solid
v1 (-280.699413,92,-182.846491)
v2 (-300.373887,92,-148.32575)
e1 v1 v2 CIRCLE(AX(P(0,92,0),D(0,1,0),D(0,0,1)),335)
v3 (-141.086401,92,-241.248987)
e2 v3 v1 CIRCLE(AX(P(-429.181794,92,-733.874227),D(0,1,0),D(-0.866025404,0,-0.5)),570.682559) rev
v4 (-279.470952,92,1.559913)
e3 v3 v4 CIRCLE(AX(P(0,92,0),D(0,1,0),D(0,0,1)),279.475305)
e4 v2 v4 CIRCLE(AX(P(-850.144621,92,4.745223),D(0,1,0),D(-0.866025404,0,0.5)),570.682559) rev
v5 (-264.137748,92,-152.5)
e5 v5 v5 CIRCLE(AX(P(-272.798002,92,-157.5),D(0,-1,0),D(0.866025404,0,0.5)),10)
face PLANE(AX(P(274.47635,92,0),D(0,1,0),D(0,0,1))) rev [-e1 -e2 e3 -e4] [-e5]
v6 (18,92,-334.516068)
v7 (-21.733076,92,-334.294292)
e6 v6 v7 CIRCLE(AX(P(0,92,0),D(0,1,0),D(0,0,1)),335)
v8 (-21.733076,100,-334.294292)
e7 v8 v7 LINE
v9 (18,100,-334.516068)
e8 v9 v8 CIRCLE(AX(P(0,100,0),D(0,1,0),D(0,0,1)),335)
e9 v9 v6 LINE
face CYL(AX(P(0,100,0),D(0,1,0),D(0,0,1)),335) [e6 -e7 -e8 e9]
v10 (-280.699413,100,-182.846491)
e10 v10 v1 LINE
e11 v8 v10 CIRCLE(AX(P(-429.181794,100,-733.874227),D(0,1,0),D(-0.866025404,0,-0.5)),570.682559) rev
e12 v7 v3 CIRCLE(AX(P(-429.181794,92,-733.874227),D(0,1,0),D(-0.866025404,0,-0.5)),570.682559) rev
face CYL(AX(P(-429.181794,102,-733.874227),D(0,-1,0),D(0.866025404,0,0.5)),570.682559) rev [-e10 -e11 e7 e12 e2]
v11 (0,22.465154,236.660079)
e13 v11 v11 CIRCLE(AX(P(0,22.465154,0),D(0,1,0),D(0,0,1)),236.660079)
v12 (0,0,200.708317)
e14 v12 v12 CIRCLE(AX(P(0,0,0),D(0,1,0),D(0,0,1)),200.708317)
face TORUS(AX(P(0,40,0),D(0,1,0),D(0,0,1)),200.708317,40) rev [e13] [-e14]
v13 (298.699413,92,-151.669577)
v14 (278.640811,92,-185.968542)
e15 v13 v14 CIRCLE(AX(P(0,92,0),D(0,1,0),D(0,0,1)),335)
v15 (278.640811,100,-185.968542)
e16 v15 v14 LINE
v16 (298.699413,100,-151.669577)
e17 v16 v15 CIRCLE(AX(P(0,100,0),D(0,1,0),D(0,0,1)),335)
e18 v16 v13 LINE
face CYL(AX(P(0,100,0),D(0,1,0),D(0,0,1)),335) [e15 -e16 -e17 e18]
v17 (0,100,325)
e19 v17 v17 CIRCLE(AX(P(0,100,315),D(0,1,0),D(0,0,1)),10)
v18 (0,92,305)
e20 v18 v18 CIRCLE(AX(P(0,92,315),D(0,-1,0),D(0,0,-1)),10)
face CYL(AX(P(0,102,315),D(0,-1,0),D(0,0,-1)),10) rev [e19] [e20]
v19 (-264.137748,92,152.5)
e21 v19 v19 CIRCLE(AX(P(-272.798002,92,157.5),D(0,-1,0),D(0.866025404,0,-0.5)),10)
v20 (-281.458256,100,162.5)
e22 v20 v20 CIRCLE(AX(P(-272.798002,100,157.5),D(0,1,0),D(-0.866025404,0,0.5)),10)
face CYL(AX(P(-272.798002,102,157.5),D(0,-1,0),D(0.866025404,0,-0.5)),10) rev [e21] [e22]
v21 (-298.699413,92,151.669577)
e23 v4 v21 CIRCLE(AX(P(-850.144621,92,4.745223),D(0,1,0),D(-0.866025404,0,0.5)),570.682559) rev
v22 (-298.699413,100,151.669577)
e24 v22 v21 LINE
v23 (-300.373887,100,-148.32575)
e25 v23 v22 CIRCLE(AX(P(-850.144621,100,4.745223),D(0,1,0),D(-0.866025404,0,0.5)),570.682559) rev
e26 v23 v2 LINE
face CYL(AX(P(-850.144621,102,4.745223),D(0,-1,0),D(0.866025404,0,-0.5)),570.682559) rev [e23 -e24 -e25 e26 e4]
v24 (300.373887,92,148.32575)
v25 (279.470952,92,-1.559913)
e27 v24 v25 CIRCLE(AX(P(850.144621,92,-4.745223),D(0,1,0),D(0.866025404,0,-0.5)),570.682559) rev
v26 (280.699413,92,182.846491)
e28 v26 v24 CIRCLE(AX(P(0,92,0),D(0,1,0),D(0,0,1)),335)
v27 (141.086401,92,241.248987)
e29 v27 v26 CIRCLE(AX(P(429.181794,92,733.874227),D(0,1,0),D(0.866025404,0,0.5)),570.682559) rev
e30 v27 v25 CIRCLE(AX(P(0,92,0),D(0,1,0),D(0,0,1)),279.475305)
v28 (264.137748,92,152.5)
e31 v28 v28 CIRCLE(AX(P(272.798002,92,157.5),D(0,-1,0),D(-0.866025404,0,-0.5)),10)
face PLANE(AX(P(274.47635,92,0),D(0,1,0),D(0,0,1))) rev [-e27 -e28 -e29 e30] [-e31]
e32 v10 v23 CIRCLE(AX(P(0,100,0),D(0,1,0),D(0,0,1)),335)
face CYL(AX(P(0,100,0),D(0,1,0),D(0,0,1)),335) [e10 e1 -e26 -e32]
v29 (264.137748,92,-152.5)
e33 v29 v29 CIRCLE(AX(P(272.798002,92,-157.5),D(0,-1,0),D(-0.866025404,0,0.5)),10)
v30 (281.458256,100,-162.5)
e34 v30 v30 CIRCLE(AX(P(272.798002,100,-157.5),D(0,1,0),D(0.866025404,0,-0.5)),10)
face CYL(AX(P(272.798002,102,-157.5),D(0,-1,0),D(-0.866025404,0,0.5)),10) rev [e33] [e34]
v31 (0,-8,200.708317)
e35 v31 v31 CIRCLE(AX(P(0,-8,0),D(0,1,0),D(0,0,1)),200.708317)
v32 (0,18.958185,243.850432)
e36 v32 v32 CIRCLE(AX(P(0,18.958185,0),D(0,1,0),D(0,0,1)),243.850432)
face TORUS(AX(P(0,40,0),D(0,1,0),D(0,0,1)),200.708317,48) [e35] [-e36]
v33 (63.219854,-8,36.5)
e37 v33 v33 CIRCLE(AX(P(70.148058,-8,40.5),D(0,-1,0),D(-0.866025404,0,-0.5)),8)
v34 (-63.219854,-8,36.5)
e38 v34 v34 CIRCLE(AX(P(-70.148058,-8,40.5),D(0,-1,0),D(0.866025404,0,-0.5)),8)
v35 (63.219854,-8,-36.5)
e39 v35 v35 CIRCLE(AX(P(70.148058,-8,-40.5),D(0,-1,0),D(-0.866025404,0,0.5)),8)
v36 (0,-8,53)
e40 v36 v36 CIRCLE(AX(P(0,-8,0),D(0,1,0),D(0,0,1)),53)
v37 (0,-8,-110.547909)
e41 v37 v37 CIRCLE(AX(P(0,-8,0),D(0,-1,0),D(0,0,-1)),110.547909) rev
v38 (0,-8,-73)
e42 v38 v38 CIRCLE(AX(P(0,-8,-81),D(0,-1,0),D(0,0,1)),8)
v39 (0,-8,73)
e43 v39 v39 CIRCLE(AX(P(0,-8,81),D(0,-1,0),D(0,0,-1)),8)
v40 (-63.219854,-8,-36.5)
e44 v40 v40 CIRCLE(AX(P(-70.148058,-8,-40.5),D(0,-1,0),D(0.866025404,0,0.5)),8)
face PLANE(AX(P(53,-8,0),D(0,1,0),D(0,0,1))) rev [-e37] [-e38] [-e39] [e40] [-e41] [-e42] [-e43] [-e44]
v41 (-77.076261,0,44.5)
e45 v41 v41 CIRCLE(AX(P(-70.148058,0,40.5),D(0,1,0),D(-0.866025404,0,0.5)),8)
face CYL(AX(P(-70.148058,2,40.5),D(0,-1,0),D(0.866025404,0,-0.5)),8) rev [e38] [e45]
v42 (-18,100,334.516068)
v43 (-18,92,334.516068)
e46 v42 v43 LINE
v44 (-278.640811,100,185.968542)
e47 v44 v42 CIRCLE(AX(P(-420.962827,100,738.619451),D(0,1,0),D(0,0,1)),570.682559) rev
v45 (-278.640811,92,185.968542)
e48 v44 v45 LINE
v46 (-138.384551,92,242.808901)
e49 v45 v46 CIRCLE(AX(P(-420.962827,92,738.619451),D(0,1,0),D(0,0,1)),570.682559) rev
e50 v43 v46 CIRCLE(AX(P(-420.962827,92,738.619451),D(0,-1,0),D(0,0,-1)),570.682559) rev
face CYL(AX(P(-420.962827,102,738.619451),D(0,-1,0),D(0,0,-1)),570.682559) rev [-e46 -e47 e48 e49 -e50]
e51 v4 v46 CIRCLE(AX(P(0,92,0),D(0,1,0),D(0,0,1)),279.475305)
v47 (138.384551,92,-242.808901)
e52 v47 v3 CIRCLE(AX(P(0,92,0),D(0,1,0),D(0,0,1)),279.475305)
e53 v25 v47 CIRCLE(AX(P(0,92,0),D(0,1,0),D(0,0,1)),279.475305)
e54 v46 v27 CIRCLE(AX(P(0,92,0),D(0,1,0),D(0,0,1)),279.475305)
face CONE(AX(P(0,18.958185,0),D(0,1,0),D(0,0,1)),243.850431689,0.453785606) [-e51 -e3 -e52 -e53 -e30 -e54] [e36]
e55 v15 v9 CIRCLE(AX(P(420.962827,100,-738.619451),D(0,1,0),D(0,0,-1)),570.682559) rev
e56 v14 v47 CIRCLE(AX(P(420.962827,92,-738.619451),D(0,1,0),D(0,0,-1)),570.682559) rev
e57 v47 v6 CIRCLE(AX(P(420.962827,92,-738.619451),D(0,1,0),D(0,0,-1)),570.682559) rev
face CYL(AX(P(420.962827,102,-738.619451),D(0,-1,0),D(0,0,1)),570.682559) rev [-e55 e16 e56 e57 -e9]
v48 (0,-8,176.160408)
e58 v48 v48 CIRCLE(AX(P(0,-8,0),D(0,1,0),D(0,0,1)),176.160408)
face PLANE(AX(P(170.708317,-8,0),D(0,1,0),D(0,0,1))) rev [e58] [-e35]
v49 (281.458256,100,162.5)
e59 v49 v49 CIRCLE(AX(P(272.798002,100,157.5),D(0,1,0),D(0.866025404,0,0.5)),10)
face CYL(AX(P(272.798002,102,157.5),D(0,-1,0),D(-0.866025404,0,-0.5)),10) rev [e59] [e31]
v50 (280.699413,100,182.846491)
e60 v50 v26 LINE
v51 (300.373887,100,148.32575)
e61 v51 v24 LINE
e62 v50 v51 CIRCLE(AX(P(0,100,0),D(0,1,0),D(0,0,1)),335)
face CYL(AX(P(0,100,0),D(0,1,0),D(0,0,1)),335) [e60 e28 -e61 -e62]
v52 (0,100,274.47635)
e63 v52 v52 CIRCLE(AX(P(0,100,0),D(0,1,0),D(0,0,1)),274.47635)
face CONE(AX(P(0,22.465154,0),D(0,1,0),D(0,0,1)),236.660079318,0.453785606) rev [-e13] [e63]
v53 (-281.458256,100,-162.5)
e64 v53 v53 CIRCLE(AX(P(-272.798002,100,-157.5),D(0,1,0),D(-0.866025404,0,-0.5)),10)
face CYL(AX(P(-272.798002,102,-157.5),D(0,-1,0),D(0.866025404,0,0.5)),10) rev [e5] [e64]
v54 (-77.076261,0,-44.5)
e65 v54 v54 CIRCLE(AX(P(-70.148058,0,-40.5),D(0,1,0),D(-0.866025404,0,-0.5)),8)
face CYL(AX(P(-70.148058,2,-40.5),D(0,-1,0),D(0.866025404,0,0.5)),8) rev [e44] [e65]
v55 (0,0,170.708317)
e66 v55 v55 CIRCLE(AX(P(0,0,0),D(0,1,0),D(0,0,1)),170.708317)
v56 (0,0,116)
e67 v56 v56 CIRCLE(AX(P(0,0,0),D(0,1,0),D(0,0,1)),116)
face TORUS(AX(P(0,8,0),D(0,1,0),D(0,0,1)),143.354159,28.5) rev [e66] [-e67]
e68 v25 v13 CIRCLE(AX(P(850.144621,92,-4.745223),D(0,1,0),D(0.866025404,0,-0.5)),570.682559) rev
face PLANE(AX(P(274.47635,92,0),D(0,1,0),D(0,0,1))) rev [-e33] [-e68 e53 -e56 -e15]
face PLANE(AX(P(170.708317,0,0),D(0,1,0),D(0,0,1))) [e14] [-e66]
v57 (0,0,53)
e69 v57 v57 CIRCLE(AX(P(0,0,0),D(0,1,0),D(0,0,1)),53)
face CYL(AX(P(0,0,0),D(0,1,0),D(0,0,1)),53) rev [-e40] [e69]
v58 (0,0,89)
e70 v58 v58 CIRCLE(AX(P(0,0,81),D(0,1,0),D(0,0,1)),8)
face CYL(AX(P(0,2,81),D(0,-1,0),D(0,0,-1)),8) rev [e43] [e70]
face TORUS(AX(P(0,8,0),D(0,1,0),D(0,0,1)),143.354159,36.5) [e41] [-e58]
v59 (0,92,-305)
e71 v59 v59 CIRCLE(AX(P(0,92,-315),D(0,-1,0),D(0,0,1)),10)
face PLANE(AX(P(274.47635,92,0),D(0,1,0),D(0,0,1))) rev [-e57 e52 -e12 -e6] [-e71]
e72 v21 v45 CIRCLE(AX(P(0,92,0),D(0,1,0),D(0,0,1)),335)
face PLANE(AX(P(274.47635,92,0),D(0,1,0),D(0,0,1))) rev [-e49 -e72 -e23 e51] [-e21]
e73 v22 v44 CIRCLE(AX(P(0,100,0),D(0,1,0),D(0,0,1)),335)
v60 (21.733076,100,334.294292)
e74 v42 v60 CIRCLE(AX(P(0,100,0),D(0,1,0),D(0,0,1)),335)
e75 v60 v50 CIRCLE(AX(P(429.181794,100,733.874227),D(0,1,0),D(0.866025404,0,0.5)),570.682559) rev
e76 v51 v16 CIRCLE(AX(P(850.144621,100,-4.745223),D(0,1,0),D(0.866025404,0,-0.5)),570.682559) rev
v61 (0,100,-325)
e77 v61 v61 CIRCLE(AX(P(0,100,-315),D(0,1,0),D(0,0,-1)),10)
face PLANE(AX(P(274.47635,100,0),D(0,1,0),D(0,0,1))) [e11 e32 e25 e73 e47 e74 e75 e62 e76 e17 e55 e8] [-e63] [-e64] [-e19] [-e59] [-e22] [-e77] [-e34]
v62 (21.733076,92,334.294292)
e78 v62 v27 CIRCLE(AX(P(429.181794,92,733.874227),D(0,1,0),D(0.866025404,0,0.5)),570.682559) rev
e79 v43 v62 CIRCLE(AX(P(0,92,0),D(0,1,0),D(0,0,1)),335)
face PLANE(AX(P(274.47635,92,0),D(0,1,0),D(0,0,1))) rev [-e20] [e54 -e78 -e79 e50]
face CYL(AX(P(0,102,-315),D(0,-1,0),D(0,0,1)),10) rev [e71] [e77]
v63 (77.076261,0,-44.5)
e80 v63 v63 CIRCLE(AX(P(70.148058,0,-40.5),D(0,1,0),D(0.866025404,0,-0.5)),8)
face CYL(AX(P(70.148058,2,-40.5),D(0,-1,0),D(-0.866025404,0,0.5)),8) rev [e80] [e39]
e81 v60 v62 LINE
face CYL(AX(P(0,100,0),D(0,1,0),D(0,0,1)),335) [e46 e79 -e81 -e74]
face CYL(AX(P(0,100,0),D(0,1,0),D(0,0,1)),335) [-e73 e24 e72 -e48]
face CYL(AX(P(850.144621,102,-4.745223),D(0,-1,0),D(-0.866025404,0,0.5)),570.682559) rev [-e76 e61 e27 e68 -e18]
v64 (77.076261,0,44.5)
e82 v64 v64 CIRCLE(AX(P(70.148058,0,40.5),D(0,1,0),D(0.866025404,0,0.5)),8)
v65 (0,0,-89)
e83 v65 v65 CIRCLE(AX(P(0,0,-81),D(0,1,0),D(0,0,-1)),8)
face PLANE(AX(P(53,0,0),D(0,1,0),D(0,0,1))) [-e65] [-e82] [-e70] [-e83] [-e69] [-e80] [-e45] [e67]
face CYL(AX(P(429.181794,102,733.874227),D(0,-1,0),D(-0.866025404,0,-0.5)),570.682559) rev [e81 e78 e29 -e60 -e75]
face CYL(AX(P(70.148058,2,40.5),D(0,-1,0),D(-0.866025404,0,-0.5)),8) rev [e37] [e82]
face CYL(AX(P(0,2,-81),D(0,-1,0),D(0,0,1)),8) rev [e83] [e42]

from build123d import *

# Parameters (mm, degrees)
THICKEN1_T1        = 8
CUT_EXTRUDE1_DEPTH = 10
CIRPATTERN1_COUNT  = 6
SKETCH3_R          = 8
CUT_EXTRUDE2_DEPTH = 10
CIRPATTERN2_COUNT  = 6


with BuildPart() as body_1:
    # Surface-Revolve1: a surface, the sketch's curves turned about an axis
    with BuildLine(Plane.XY, mode=Mode.PRIVATE) as surface_revolve1_1_path:
        Line((53, 0), (116, 0))
        ThreePointArc((116, 0), (143.354158733, -20.5), (170.708317466, 0))
        Line((170.708317466, 0), (200.708317466, 0))
        ThreePointArc((200.708317466, 0), (221.905088036, 6.078076154), (236.660079318, 22.465154128))
        Line((236.660079318, 22.465154128), (274.476350399, 100))
        Line((274.476350399, 100), (335, 100))
    surface_revolve1_1 = Shell.revolve(surface_revolve1_1_path.wire(), 360, Axis((0, 0, 0), (0, 1, 0)))
    add(Solid.thicken(surface_revolve1_1, THICKEN1_T1))

    # Sketch2 → Cut-Extrude1 (cut)
    with BuildSketch(Plane.XZ.offset(-92)):
        with BuildLine():
            ThreePointArc((-278.640810912, 185.968541679), (-138.384551206, 242.808900604), (-18, 334.516068373))
            ThreePointArc((-18, 334.516068373), (-165.878071475, 291.048905519), (-278.640810912, 185.968541679))
        make_face()
        with BuildLine():
            ThreePointArc((0, 325), (-10, 315), (0, 305))
            Line((0, 305), (0, 325))
        make_face()
        with BuildLine():
            Line((0, 325), (0, 305))
            ThreePointArc((0, 305), (7.071067812, 307.928932188), (10, 315))
            ThreePointArc((10, 315), (7.071067812, 322.071067812), (0, 325))
        make_face()
    cut_extrude1 = extrude(amount=-CUT_EXTRUDE1_DEPTH, mode=Mode.SUBTRACT)

    # CirPattern1: Cut-Extrude1 ×6 about axis
    cirpattern1_axis = Axis((0, 0, 0), (0, 1, 0))
    for i in range(1, CIRPATTERN1_COUNT):
        add(cut_extrude1.rotate(cirpattern1_axis, i * 360 / CIRPATTERN1_COUNT), mode=Mode.SUBTRACT)

    # Sketch3 → Cut-Extrude2 (cut)
    with BuildSketch(Plane.XZ.offset(8)):
        with Locations(Location((0, 81, 0), (0, 0, 270))):
            Circle(SKETCH3_R)
    cut_extrude2 = extrude(amount=-CUT_EXTRUDE2_DEPTH, mode=Mode.SUBTRACT)

    # CirPattern2: Cut-Extrude2 ×6 about axis
    cirpattern2_axis = Axis((0, 0, 0), (0, 1, 0))
    for i in range(1, CIRPATTERN2_COUNT):
        add(cut_extrude2.rotate(cirpattern2_axis, i * 360 / CIRPATTERN2_COUNT), mode=Mode.SUBTRACT)


solid = body_1.part
